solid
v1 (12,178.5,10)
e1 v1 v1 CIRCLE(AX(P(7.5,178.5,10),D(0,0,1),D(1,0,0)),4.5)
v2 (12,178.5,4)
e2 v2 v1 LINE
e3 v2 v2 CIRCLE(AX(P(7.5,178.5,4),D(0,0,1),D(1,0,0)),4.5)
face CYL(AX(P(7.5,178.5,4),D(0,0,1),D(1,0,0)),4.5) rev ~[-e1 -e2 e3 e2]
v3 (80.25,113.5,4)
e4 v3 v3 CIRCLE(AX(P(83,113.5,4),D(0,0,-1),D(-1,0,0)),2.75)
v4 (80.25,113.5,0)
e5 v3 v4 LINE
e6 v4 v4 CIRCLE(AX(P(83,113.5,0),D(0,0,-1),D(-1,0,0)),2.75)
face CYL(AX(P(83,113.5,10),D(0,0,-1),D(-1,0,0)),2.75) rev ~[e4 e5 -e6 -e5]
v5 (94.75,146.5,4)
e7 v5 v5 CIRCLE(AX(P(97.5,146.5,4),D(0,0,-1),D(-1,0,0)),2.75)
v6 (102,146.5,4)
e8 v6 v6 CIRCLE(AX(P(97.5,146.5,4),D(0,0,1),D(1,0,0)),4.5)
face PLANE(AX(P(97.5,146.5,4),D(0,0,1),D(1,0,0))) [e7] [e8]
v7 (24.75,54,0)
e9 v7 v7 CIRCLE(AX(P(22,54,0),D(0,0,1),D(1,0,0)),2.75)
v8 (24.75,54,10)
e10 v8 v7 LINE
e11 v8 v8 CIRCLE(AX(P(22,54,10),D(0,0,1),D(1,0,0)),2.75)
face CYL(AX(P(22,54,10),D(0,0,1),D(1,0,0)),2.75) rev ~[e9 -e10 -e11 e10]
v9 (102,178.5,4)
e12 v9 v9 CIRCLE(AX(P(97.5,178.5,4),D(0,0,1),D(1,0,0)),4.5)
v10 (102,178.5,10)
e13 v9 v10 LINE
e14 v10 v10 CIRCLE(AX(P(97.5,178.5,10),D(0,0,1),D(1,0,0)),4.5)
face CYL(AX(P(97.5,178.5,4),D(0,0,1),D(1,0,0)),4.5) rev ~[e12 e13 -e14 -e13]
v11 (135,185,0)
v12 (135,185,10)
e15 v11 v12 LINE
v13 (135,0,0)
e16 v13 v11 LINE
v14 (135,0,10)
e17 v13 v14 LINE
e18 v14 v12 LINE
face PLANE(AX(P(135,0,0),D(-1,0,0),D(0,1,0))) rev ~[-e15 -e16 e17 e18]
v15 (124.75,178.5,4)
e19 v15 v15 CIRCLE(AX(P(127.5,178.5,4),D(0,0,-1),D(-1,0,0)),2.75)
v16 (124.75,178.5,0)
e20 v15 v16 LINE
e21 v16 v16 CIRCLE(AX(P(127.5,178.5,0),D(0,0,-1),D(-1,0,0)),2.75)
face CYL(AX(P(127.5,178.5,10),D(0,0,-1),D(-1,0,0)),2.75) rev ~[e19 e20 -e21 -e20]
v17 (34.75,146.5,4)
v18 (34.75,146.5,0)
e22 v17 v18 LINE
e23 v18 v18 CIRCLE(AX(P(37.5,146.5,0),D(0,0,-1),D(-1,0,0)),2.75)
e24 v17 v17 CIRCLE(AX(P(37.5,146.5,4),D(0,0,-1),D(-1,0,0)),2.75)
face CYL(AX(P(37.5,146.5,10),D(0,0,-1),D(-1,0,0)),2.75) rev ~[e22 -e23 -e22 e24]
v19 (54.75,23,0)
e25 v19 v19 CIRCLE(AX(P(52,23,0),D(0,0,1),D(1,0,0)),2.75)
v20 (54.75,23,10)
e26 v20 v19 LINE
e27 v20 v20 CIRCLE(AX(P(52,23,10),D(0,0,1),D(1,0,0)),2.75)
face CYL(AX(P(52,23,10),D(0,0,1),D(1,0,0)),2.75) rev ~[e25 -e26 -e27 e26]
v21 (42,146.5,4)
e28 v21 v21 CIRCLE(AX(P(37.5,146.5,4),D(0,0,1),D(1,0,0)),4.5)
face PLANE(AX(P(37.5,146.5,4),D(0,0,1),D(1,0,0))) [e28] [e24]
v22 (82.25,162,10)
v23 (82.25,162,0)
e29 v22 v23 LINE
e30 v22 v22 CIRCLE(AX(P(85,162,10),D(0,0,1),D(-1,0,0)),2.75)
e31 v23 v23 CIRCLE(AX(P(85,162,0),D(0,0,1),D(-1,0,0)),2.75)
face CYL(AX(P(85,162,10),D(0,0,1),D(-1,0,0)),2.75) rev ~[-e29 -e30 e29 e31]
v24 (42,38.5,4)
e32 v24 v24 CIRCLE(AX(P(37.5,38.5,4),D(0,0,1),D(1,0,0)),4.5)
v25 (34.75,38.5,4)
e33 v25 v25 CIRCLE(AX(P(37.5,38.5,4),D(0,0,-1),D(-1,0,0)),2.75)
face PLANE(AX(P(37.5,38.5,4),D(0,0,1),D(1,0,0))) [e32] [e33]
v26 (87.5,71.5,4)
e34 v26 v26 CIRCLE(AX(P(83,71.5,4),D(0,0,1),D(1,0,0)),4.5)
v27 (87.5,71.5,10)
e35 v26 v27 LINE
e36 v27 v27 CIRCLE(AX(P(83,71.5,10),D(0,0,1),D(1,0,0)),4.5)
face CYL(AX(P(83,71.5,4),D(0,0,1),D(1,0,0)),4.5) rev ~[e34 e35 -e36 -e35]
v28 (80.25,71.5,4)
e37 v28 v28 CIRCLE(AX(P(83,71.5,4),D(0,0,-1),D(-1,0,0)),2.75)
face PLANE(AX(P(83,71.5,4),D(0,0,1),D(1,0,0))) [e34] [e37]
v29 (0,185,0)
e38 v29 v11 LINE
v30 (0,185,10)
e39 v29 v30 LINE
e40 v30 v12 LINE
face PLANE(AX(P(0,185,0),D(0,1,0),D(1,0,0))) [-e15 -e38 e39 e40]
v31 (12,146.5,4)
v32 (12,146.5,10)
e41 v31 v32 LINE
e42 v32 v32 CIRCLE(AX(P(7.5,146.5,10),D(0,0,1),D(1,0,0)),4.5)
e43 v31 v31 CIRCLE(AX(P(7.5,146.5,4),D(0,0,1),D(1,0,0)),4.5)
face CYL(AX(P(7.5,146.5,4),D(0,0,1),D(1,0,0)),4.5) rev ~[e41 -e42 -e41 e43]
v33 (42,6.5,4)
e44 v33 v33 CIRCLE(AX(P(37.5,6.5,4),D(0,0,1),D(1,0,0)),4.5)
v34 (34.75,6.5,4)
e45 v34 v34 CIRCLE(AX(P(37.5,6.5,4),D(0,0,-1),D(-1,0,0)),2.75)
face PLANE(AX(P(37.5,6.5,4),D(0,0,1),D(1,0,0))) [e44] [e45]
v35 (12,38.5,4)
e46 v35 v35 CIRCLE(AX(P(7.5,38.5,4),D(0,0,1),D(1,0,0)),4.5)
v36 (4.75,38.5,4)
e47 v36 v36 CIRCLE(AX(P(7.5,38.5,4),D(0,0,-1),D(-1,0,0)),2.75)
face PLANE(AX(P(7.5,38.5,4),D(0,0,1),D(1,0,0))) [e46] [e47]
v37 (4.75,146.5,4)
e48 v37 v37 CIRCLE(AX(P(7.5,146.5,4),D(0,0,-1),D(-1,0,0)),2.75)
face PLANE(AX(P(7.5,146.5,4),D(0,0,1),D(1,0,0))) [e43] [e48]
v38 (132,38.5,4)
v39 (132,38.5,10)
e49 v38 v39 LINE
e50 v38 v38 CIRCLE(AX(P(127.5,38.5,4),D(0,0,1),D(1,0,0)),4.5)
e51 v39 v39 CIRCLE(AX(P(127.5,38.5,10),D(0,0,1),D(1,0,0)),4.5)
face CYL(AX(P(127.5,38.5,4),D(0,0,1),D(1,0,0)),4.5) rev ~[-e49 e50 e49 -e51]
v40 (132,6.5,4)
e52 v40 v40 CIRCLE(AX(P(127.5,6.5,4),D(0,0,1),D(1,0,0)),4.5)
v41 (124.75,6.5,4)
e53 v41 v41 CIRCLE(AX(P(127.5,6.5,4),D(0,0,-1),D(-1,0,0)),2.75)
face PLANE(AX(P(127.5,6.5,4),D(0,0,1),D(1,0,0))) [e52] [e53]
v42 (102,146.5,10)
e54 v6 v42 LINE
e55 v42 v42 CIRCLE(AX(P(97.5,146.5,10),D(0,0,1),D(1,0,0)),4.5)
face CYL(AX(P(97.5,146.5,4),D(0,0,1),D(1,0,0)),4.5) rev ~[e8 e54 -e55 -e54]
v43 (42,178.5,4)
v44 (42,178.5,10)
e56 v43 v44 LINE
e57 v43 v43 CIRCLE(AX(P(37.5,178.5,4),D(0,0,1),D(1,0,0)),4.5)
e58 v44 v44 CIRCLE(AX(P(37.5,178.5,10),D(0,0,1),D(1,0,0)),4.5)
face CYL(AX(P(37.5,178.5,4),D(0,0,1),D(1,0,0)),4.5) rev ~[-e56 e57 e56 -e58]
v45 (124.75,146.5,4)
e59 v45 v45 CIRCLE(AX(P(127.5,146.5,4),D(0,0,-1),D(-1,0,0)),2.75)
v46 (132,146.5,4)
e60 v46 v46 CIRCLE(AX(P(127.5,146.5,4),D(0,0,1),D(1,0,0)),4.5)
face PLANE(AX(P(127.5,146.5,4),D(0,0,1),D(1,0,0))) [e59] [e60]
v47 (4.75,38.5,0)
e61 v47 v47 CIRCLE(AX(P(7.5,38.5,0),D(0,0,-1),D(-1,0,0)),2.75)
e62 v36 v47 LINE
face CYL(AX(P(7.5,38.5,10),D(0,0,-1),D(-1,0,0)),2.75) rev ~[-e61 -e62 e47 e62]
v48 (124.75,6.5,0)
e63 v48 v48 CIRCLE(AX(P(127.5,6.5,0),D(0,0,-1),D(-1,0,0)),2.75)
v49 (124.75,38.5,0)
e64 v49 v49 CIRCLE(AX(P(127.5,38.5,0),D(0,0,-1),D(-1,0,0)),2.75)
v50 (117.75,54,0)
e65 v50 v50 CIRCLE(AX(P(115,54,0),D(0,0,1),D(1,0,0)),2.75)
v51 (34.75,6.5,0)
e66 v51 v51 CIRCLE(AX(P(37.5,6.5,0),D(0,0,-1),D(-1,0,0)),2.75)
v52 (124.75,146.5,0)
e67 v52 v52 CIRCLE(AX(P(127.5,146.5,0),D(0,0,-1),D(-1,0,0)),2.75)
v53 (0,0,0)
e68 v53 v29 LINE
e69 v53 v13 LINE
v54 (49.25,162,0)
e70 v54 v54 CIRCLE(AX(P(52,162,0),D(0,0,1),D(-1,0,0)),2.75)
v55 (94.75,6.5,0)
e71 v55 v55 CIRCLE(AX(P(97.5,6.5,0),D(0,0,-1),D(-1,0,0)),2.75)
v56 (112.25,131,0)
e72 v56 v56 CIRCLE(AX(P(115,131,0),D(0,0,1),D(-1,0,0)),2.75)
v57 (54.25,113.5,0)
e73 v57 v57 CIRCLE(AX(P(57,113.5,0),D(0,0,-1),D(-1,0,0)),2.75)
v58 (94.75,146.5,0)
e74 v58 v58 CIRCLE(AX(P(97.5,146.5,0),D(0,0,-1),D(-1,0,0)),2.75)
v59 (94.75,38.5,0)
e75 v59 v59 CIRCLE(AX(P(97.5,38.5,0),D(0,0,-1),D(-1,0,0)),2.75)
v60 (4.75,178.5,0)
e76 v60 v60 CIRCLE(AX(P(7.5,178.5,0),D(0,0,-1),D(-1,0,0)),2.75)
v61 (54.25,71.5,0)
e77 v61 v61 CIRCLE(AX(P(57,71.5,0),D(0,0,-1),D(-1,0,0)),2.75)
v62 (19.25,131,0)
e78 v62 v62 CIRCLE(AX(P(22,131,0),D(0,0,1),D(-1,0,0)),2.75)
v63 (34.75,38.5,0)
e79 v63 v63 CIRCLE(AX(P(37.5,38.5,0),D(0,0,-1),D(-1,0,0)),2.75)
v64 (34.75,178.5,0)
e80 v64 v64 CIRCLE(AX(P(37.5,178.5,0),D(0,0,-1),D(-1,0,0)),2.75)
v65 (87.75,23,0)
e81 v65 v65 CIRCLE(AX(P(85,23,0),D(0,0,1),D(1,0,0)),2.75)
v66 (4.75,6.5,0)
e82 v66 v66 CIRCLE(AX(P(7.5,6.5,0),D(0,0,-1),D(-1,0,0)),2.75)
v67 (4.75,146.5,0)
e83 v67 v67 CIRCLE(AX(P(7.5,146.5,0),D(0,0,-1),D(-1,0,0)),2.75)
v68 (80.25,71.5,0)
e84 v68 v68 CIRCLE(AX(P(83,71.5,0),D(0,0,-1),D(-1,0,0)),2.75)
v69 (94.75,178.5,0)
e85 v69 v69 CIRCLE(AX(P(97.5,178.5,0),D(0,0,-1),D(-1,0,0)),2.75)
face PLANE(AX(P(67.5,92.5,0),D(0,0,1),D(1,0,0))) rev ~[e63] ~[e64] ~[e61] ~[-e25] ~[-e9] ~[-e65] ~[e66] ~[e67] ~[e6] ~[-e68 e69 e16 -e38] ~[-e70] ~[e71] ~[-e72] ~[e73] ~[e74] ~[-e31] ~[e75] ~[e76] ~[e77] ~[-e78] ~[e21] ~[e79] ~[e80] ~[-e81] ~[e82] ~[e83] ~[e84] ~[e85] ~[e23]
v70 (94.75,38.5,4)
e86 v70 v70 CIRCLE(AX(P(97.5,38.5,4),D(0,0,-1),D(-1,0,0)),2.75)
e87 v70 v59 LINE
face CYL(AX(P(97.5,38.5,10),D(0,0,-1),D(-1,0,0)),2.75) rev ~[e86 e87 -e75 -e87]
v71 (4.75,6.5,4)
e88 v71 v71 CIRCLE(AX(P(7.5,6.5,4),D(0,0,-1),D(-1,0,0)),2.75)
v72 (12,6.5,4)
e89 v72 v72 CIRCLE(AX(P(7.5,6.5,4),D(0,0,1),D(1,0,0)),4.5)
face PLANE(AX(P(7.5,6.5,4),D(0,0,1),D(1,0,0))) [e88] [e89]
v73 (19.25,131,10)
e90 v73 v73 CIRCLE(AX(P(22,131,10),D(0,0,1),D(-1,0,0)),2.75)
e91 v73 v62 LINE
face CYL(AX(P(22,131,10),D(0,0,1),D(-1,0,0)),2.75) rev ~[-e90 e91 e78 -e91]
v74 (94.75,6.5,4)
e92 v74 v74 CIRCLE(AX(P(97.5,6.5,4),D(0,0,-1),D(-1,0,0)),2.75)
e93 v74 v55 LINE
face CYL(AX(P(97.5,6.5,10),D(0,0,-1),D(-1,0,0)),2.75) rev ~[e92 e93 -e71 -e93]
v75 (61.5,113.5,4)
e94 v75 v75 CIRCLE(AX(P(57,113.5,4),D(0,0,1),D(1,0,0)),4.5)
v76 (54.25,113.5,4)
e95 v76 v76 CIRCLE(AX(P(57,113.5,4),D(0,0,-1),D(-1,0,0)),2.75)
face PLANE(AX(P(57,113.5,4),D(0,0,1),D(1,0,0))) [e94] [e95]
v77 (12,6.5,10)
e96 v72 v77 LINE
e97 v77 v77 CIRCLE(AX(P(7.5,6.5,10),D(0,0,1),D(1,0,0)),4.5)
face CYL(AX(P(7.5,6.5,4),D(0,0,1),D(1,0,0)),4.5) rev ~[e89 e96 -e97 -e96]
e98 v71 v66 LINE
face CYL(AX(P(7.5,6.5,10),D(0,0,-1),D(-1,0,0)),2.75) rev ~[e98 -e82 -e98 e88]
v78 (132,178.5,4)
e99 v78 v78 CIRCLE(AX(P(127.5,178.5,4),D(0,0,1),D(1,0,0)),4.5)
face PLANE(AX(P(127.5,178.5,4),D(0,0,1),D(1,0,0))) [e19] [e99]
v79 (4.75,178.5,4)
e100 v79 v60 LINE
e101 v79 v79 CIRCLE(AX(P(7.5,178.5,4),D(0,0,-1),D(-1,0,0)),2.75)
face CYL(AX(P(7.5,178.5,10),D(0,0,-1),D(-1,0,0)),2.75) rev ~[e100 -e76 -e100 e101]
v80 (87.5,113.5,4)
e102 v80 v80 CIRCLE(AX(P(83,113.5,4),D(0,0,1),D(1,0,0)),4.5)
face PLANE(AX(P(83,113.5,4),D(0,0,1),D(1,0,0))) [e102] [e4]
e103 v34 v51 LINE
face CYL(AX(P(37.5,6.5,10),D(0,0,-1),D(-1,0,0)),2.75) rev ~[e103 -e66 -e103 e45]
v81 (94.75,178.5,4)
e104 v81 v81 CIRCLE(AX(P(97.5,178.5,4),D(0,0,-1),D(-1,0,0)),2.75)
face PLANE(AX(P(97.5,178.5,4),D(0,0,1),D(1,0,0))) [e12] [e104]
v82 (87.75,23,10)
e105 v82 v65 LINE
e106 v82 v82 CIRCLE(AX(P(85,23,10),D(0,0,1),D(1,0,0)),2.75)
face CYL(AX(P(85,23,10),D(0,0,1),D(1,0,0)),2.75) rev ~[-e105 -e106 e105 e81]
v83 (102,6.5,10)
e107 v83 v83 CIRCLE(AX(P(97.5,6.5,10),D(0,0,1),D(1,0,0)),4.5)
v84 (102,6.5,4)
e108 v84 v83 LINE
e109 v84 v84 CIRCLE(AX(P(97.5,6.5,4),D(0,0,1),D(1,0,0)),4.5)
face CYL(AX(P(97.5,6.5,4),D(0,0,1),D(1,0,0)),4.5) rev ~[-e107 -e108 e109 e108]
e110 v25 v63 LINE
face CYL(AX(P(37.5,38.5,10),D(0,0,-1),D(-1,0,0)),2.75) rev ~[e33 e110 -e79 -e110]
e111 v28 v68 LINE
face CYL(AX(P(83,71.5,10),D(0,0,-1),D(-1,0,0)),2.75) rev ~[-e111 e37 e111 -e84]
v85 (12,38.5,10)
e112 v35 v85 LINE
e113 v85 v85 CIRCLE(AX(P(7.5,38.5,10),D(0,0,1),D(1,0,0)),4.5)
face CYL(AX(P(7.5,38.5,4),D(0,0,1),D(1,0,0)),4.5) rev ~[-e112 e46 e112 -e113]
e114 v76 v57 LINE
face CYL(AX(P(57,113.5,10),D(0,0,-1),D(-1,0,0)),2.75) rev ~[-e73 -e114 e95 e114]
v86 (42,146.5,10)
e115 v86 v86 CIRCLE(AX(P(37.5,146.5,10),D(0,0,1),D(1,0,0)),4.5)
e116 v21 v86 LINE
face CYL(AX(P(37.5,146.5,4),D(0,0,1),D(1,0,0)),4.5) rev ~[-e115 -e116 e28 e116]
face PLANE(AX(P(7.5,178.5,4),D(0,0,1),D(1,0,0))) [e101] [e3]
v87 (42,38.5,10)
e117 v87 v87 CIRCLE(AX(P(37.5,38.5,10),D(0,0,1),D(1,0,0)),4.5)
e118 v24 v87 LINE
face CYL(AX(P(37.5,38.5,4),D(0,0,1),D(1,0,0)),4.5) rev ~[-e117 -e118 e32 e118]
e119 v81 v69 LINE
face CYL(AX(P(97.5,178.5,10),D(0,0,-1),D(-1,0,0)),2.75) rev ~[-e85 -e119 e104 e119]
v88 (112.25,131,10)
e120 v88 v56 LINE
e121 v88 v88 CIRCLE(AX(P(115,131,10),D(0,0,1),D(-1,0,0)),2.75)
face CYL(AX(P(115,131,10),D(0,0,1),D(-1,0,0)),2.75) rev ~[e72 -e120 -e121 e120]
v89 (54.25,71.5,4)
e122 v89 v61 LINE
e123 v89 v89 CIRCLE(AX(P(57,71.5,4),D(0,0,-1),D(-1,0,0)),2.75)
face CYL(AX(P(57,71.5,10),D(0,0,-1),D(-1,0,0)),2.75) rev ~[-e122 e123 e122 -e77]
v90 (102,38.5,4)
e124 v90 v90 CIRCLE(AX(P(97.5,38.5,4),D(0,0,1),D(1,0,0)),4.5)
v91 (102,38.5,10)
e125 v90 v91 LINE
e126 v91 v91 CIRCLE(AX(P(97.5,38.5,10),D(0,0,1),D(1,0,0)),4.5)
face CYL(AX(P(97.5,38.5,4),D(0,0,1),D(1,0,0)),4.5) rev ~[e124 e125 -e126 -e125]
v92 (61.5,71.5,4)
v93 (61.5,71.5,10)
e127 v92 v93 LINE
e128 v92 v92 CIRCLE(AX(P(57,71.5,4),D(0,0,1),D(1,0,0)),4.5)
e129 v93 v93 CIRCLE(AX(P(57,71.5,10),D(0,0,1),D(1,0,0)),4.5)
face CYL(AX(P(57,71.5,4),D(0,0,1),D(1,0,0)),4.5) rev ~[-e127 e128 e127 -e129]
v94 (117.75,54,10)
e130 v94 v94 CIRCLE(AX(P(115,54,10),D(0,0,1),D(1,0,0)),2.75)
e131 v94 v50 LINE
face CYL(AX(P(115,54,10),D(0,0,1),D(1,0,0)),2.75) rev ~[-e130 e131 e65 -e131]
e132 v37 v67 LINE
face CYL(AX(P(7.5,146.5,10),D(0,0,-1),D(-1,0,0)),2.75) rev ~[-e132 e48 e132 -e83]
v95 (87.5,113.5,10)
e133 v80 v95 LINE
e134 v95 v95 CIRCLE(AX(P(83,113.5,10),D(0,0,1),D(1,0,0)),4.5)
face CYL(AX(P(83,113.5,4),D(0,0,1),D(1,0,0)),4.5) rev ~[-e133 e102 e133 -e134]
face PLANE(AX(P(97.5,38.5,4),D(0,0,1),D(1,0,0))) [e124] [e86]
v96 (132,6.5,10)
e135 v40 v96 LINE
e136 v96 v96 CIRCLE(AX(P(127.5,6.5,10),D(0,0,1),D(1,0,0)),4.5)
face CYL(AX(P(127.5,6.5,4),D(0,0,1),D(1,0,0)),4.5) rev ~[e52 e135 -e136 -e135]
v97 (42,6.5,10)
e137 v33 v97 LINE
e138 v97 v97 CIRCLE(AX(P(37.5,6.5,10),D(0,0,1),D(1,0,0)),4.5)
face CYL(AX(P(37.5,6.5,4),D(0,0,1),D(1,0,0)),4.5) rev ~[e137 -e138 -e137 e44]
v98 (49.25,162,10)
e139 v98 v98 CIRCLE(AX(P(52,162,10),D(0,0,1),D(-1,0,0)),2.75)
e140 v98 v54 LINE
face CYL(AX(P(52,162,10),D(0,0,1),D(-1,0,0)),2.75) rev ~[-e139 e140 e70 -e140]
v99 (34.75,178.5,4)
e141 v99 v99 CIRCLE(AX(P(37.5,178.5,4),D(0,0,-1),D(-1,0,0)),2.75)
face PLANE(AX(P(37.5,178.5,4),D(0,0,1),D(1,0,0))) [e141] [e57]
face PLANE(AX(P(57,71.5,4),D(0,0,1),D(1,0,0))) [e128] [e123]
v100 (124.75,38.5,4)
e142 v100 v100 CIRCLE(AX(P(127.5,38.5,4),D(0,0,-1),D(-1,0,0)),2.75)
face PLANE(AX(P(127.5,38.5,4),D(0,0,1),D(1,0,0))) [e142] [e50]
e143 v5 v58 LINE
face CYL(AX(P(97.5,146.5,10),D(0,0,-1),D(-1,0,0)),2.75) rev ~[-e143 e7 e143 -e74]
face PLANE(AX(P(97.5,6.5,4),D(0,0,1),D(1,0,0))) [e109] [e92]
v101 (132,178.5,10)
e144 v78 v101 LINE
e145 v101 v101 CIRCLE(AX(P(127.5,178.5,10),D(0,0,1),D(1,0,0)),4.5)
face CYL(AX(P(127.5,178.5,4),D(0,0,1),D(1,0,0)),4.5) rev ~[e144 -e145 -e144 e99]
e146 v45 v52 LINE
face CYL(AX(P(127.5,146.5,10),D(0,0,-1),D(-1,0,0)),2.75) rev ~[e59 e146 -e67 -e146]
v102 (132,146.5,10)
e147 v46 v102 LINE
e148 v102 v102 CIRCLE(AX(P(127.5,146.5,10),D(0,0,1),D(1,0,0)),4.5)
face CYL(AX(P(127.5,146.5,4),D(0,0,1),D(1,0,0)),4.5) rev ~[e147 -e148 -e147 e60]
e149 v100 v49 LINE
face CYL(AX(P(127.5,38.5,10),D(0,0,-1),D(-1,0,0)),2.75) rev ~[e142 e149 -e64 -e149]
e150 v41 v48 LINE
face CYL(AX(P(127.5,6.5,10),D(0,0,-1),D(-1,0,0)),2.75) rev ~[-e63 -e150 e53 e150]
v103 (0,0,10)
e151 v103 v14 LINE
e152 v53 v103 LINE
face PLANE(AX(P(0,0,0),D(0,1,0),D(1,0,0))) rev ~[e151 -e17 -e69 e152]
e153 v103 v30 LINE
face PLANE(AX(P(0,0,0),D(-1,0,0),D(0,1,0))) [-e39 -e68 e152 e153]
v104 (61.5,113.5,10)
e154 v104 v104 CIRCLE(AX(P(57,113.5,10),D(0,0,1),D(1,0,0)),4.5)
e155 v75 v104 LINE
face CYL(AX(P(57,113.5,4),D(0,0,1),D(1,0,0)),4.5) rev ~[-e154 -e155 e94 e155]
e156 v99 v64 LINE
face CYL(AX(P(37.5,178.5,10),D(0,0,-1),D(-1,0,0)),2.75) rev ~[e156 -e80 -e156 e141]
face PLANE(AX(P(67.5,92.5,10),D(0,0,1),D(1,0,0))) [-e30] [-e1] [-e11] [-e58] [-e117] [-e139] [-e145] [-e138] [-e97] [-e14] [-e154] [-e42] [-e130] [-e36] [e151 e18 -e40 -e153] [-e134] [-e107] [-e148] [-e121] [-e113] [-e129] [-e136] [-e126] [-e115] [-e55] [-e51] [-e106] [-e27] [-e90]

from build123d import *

# Parameters (mm, degrees)
SZKIC1_W                                             = 135
SZKIC1_H                                             = 185
DODANIE_WYCI_GNI_CIE1_DEPTH                          = 10
POG_BIENIE_WALCOWE_POD_M5_WKR_T_DO_CZ_CI_D           = 5.5
POG_BIENIE_WALCOWE_POD_M5_WKR_T_DO_CZ_CI_CBORE_D     = 9
POG_BIENIE_WALCOWE_POD_M5_WKR_T_DO_CZ_CI_CBORE_DEPTH = 6
SZKIC5_R                                             = 2.75
WYTNIJ_WYCI_GNI_CIE1_DEPTH                           = 230.237867727
POG_BIENIE_WALCOWE_POD_M5_WKR_T_DO_C_2_D             = 5.5
POG_BIENIE_WALCOWE_POD_M5_WKR_T_DO_C_2_CBORE_D       = 9
POG_BIENIE_WALCOWE_POD_M5_WKR_T_DO_C_2_CBORE_DEPTH   = 6


with BuildPart() as part:
    # Szkic1 → Dodanie-wyciągnięcie1 (new body)
    with BuildSketch(Plane.XY):
        with Locations((67.5, 92.5)):
            Rectangle(SZKIC1_W, SZKIC1_H)
    extrude(amount=DODANIE_WYCI_GNI_CIE1_DEPTH)

    # Pog_bienie walcowe pod M5 Wkr_t do cz_ci (through all)
    with Locations(Plane.XY.offset(10)):
        with Locations((7.5, 178.5), (37.5, 178.5), (37.5, 146.5), (7.5, 146.5), (7.5, 38.5), (37.5, 38.5), (7.5, 6.5), (37.5, 6.5), (97.5, 6.5), (127.5, 6.5), (97.5, 38.5), (127.5, 38.5), (127.5, 146.5), (97.5, 146.5), (97.5, 178.5), (127.5, 178.5)):
            CounterBoreHole(POG_BIENIE_WALCOWE_POD_M5_WKR_T_DO_CZ_CI_D / 2, POG_BIENIE_WALCOWE_POD_M5_WKR_T_DO_CZ_CI_CBORE_D / 2, POG_BIENIE_WALCOWE_POD_M5_WKR_T_DO_CZ_CI_CBORE_DEPTH)

    # Szkic5 → Wytnij-wyciągnięcie1 (cut, through all)
    with BuildSketch(Plane.XY.offset(10)):
        with Locations((22, 54)):
            Circle(SZKIC5_R)
        with Locations((52, 23)):
            Circle(SZKIC5_R)
        with Locations((85, 23)):
            Circle(SZKIC5_R)
        with Locations((115, 54)):
            Circle(SZKIC5_R)
        with Locations(Location((52, 162, 0), (0, 0, 180))):
            Circle(SZKIC5_R)
        with Locations(Location((22, 131, 0), (0, 0, 180))):
            Circle(SZKIC5_R)
        with Locations(Location((115, 131, 0), (0, 0, 180))):
            Circle(SZKIC5_R)
        with Locations(Location((85, 162, 0), (0, 0, 180))):
            Circle(SZKIC5_R)
    extrude(amount=-WYTNIJ_WYCI_GNI_CIE1_DEPTH, mode=Mode.SUBTRACT)

    # Pog_bienie walcowe pod M5 Wkr_t do c 2 (through all)
    with Locations(Plane.XY.offset(10)):
        with Locations((83, 113.5), (57, 113.5), (57, 71.5), (83, 71.5)):
            CounterBoreHole(POG_BIENIE_WALCOWE_POD_M5_WKR_T_DO_C_2_D / 2, POG_BIENIE_WALCOWE_POD_M5_WKR_T_DO_C_2_CBORE_D / 2, POG_BIENIE_WALCOWE_POD_M5_WKR_T_DO_C_2_CBORE_DEPTH)


solid = part.part
